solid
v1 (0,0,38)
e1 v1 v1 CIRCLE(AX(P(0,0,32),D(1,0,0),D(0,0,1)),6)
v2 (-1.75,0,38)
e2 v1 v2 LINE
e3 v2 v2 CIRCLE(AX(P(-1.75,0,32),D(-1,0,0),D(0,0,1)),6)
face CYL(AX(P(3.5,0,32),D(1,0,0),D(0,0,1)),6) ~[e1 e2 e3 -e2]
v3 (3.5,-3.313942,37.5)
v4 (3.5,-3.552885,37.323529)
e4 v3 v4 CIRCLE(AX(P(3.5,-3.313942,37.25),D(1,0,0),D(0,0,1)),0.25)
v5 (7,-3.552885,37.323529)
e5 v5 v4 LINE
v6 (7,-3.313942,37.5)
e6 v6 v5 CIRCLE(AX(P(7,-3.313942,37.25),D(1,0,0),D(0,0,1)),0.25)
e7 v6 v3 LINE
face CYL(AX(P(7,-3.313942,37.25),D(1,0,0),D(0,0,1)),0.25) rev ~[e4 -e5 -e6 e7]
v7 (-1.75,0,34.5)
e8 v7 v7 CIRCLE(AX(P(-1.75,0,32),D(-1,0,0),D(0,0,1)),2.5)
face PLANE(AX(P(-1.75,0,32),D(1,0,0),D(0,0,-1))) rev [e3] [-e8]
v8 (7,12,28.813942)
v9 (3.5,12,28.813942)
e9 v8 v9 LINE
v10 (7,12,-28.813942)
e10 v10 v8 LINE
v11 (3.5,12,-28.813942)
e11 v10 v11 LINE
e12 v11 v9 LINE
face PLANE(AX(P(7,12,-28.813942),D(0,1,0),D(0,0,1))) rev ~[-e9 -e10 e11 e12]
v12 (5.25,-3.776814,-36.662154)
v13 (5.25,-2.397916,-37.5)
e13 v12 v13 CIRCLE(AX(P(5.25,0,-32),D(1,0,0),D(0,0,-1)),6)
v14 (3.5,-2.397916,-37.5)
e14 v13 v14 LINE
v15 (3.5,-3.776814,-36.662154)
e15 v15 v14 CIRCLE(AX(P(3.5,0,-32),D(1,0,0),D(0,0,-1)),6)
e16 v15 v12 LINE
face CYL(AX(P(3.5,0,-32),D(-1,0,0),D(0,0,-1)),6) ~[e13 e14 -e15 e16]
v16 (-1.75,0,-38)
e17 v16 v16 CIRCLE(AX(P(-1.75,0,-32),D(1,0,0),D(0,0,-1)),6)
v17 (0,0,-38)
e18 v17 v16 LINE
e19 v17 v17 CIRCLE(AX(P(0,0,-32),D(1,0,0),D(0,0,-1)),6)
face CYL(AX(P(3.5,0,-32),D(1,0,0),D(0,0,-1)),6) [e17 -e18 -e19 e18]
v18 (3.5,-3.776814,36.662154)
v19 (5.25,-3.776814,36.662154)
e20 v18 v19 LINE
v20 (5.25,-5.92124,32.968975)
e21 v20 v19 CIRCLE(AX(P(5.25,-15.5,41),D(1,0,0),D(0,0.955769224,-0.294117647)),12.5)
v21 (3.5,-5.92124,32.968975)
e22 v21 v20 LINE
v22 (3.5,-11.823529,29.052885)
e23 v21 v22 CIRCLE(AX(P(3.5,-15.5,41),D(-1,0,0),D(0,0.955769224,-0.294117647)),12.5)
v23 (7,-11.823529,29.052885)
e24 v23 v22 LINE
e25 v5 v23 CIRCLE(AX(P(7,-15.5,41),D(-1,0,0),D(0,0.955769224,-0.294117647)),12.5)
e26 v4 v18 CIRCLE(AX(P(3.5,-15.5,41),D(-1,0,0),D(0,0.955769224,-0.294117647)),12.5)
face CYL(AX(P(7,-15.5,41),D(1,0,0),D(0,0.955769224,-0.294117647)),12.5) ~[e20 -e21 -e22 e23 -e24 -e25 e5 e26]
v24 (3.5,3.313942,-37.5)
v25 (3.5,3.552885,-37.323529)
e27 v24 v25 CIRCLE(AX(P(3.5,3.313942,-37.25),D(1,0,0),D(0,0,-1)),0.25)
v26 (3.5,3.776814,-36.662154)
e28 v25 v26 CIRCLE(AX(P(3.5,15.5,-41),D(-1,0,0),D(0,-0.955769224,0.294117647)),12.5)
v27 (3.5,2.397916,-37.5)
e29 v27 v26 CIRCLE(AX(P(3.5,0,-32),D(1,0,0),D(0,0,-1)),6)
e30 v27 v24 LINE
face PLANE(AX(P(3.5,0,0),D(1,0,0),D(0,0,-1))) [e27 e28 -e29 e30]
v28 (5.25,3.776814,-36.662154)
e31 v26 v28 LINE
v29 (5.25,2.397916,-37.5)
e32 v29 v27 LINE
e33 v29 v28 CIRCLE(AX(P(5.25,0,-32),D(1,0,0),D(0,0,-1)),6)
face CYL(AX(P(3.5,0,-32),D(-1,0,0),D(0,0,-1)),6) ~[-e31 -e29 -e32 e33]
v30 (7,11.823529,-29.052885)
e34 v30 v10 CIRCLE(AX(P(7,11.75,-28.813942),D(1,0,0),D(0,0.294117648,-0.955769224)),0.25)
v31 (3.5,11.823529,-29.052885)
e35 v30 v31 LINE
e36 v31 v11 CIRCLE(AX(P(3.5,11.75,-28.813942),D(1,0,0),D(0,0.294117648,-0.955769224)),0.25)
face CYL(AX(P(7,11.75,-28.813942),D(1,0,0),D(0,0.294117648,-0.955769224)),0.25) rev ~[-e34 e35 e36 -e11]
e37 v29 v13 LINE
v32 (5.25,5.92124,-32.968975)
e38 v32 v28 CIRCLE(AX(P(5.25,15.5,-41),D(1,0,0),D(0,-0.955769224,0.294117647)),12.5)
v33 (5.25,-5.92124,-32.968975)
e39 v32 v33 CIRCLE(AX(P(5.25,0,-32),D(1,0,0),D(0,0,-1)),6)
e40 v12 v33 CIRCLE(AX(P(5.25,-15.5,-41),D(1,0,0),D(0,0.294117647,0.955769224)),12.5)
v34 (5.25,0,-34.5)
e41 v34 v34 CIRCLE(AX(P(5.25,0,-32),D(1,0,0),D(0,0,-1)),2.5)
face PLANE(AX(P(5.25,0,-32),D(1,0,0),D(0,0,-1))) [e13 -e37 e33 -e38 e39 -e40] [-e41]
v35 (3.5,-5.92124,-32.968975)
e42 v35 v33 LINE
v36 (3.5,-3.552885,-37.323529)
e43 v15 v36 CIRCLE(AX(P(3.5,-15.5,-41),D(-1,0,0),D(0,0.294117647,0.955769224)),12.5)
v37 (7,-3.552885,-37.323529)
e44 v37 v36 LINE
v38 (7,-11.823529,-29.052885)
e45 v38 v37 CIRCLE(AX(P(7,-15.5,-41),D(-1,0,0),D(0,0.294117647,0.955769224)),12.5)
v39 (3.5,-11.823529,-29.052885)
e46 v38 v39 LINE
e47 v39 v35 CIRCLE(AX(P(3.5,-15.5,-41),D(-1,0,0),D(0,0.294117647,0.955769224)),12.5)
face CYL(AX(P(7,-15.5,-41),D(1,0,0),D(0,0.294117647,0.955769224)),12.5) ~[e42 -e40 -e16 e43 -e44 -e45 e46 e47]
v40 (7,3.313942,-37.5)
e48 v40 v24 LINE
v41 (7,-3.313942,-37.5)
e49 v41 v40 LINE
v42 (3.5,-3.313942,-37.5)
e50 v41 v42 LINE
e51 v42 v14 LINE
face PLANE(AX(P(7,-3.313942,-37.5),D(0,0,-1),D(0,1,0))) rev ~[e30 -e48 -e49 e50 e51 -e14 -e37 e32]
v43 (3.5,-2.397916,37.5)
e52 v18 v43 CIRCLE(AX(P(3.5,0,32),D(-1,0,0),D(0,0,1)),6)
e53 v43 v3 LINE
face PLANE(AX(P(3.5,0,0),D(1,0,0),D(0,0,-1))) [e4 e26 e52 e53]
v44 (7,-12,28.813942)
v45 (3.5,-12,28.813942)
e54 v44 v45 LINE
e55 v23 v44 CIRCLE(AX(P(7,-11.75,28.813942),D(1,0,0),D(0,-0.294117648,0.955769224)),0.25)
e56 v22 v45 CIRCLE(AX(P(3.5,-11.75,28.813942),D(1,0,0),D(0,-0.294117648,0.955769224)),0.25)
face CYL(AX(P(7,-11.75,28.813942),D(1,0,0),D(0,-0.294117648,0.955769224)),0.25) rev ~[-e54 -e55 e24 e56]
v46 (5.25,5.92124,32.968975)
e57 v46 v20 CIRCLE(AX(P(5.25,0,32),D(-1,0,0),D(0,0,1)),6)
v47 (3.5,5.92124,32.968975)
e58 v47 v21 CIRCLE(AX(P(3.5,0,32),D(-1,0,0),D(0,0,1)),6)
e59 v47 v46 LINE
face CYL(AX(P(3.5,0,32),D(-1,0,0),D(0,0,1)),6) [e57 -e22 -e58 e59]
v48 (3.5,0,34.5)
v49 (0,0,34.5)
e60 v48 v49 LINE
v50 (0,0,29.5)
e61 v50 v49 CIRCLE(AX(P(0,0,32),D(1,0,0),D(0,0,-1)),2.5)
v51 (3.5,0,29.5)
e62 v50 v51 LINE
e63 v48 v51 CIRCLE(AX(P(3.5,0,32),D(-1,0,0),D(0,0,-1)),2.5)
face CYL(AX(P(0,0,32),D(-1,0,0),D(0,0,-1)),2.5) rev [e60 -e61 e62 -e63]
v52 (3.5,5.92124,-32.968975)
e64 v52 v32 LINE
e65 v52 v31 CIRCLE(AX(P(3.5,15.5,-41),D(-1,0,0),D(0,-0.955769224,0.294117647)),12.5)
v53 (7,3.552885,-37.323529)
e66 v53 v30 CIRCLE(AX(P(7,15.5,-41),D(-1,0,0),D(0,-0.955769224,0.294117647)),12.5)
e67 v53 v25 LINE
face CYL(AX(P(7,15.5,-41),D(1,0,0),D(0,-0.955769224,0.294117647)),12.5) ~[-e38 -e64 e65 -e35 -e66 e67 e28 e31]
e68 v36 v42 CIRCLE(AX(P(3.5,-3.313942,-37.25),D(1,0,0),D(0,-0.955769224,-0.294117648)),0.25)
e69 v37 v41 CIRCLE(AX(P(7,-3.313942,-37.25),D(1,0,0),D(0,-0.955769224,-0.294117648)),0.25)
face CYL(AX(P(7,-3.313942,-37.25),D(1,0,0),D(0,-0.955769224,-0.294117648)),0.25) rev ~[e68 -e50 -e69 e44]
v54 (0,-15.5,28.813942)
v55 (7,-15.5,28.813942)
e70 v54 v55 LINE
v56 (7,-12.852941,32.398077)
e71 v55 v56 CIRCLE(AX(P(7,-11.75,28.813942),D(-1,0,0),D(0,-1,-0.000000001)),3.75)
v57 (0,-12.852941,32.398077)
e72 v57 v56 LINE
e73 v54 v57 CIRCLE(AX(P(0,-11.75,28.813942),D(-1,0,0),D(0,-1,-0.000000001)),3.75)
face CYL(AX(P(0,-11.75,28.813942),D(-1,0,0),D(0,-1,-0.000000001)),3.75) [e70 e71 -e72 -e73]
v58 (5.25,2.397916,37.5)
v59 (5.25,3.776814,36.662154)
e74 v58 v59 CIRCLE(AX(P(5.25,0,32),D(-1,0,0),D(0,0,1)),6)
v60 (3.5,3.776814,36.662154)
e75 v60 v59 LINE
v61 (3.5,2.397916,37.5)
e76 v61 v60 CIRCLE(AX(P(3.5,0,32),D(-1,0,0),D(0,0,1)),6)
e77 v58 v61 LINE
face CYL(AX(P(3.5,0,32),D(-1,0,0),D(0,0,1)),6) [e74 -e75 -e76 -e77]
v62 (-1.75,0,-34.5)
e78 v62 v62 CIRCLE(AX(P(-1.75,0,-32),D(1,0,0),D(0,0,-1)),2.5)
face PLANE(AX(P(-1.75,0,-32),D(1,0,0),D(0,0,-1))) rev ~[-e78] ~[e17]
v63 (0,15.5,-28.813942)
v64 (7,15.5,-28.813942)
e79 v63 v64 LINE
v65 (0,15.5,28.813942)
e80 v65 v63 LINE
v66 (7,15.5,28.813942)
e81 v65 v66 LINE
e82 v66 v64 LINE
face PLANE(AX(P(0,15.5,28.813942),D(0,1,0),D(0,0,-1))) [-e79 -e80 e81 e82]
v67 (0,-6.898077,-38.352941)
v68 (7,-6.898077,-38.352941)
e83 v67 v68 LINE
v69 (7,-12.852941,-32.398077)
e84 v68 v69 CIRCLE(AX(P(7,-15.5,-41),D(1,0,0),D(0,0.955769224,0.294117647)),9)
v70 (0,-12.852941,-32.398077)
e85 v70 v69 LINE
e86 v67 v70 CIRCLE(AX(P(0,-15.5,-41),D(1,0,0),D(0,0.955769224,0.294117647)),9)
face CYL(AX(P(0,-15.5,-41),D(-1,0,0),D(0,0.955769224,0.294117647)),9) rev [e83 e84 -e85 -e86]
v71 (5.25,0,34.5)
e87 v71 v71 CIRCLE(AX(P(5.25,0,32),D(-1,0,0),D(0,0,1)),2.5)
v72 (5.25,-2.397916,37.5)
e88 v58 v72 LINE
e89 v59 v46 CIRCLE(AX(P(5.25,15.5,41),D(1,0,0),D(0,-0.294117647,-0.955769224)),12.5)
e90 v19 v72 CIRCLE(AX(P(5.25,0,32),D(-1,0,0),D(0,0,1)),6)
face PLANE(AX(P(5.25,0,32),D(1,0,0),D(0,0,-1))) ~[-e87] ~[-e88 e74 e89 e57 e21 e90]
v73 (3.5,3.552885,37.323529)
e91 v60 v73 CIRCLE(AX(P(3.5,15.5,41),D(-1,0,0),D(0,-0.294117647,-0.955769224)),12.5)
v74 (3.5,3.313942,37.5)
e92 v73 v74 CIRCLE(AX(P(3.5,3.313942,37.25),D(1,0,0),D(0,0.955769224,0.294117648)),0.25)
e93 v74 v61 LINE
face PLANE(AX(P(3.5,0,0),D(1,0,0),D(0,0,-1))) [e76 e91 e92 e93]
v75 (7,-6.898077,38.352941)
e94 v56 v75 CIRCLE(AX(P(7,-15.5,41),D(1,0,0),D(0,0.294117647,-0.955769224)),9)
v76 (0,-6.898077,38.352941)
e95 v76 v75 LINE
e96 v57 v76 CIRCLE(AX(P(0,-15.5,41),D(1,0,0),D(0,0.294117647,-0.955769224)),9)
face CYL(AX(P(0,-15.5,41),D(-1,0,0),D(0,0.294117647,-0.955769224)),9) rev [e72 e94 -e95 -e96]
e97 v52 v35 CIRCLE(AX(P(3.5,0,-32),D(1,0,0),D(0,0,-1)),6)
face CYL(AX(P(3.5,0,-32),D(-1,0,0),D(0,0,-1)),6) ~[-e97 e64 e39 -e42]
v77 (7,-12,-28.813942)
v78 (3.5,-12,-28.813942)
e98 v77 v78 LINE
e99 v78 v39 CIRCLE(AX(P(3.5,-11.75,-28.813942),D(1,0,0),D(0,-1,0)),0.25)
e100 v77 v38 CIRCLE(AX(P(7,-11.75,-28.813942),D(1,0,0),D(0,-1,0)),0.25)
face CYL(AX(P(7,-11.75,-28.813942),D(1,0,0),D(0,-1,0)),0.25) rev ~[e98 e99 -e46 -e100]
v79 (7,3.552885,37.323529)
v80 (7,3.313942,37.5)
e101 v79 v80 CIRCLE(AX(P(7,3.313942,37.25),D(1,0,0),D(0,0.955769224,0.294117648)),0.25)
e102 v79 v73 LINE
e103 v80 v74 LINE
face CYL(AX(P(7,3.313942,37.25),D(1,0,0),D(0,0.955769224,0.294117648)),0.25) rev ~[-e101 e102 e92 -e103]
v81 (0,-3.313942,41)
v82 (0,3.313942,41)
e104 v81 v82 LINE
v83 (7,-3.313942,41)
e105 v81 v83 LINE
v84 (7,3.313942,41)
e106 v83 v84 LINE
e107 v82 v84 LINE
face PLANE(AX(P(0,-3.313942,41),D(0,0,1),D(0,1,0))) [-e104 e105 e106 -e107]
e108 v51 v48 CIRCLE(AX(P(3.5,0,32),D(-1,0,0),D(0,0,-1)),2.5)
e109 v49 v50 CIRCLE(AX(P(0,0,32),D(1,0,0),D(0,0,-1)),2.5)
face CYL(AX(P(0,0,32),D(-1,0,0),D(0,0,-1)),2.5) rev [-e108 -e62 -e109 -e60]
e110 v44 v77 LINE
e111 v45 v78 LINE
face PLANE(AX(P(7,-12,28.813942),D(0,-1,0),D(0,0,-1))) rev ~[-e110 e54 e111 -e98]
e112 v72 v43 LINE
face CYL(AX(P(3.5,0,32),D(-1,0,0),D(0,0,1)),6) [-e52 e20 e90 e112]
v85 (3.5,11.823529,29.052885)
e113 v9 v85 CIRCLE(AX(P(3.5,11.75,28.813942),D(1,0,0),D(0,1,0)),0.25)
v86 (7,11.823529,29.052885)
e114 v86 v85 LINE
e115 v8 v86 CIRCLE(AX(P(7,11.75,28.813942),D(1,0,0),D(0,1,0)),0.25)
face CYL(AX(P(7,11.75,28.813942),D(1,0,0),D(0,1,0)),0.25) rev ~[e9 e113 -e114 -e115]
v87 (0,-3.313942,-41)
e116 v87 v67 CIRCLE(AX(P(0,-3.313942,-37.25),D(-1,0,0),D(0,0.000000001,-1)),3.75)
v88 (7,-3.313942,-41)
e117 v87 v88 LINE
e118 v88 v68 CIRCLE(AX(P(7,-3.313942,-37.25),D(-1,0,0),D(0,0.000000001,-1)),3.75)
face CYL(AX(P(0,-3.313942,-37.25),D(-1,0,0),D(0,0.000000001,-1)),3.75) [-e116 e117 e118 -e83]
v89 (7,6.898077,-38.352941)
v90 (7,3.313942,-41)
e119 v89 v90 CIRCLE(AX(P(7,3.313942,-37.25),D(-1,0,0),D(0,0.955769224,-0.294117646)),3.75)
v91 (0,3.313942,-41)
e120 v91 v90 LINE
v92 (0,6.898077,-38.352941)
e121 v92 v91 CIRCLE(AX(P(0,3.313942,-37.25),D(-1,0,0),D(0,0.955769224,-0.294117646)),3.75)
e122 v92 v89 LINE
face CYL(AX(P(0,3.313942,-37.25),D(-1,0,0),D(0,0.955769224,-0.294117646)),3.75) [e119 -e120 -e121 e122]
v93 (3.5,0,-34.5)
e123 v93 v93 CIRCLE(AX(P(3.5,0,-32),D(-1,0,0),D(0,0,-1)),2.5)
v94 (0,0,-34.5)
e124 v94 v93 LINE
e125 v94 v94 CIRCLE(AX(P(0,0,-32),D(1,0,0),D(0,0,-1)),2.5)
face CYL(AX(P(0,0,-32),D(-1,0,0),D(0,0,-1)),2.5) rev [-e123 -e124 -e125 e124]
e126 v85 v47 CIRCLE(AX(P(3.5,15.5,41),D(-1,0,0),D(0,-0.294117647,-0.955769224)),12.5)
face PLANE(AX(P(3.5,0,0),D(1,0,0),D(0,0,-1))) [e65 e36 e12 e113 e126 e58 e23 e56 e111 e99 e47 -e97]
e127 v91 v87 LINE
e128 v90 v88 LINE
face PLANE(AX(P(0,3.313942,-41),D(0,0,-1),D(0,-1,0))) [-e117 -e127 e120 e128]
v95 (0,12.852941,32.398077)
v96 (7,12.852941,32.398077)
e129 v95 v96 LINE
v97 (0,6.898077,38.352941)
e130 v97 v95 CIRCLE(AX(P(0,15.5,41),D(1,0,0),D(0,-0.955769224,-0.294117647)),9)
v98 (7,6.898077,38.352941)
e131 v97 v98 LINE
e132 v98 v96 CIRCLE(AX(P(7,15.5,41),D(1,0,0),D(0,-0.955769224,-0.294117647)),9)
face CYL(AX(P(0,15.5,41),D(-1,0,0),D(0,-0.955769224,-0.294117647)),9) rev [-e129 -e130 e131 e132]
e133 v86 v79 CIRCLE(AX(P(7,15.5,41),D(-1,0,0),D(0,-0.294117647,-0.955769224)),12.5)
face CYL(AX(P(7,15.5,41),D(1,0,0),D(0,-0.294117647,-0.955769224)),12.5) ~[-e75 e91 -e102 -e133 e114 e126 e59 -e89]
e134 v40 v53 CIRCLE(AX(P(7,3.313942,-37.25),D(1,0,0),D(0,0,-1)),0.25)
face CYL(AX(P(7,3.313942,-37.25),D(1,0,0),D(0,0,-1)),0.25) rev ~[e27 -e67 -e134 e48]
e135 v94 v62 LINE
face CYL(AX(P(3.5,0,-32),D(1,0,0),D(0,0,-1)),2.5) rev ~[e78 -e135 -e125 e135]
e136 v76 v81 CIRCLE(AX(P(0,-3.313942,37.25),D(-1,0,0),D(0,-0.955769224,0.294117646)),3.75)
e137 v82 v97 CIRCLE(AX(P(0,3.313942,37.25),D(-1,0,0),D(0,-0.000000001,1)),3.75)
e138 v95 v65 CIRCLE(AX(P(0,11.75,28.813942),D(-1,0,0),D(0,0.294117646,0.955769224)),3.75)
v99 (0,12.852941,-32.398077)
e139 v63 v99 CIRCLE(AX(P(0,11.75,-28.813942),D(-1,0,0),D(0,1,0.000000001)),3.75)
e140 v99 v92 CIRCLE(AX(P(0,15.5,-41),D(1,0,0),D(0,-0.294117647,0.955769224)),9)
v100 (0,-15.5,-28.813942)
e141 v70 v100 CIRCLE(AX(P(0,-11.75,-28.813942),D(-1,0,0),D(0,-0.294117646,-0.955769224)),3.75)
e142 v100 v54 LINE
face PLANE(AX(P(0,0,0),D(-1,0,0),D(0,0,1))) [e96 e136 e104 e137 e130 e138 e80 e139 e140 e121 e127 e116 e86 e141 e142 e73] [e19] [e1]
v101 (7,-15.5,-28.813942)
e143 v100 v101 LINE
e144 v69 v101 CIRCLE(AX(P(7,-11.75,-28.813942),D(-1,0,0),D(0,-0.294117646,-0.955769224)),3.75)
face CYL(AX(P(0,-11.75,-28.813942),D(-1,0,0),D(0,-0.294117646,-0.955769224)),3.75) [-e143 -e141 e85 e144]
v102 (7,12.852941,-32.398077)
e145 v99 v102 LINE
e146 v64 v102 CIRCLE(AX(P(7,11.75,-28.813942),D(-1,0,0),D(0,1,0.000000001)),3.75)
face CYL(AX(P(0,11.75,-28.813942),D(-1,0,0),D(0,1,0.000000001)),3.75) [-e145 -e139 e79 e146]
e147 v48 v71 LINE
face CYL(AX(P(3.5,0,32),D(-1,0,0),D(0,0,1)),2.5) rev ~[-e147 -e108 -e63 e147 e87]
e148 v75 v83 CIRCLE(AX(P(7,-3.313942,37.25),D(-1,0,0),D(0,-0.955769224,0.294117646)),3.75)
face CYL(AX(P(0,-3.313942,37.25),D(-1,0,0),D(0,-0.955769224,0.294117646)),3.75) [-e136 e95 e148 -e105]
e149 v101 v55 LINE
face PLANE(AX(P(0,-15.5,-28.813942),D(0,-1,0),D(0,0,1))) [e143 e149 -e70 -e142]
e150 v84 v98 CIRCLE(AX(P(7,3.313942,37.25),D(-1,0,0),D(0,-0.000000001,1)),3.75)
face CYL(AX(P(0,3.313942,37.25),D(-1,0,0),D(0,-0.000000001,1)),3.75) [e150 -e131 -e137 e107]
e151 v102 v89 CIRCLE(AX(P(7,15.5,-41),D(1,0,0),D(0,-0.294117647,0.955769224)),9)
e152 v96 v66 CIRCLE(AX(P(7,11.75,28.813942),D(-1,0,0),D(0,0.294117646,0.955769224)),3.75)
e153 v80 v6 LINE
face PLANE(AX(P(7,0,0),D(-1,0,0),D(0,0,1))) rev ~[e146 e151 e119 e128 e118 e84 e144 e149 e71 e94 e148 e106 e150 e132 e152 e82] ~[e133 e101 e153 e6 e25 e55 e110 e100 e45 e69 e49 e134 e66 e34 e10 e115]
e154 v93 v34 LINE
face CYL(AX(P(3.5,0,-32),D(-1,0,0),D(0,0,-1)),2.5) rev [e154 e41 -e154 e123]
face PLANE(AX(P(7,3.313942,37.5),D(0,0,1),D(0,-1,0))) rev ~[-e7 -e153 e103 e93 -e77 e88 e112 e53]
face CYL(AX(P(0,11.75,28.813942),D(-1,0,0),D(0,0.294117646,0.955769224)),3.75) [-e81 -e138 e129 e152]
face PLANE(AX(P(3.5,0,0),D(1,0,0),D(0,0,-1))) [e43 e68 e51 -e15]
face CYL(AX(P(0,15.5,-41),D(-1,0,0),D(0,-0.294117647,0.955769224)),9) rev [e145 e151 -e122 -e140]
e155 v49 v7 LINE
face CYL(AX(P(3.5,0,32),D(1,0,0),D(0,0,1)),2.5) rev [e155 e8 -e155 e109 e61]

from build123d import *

# Parameters (mm, degrees)
SKETCH1_R           = 2.5
BOSS_EXTRUDE1_DEPTH = 7
CUT_EXTRUDE1_DEPTH  = 3.5
SKETCH7_R           = 6
SKETCH7_R_2         = 2.5
BOSS_EXTRUDE2_DEPTH = 5.25
SKETCH8_R           = 6
SKETCH8_R_2         = 2.5
BOSS_EXTRUDE3_DEPTH = 1.75


with BuildPart() as part:
    # Sketch1 → Boss-Extrude1 (new body)
    with BuildSketch(Plane(origin=(0, 0, 0), x_dir=(0, 0, -1), z_dir=(1, 0, 0))):
        with BuildLine():
            Line((28.813942393, -15.5), (-28.813942393, -15.5))
            ThreePointArc((-28.813942393, -15.5), (-31.041774365, -14.76649875), (-32.398076983, -12.852941176))
            ThreePointArc((-32.398076983, -12.852941176), (-34.636038969, -9.136038969), (-38.352941176, -6.898076983))
            ThreePointArc((-38.352941176, -6.898076983), (-40.26649875, -5.541774365), (-41, -3.313942393))
            Line((-41, -3.313942393), (-41, 3.313942393))
            ThreePointArc((-41, 3.313942393), (-40.26649875, 5.541774365), (-38.352941176, 6.898076983))
            ThreePointArc((-38.352941176, 6.898076983), (-34.636038969, 9.136038969), (-32.398076983, 12.852941176))
            ThreePointArc((-32.398076983, 12.852941176), (-31.041774365, 14.76649875), (-28.813942393, 15.5))
            Line((-28.813942393, 15.5), (28.813942393, 15.5))
            ThreePointArc((28.813942393, 15.5), (31.041774365, 14.76649875), (32.398076983, 12.852941176))
            ThreePointArc((32.398076983, 12.852941176), (34.636038969, 9.136038969), (38.352941176, 6.898076983))
            ThreePointArc((38.352941176, 6.898076983), (40.26649875, 5.541774365), (41, 3.313942393))
            Line((41, 3.313942393), (41, -3.313942393))
            ThreePointArc((41, -3.313942393), (40.26649875, -5.541774365), (38.352941176, -6.898076983))
            ThreePointArc((38.352941176, -6.898076983), (34.636038969, -9.136038969), (32.398076983, -12.852941176))
            ThreePointArc((32.398076983, -12.852941176), (31.041774365, -14.76649875), (28.813942393, -15.5))
        make_face()
        with Locations((-32, 0)):
            Circle(SKETCH1_R, mode=Mode.SUBTRACT)
        with Locations((32, 0)):
            Circle(SKETCH1_R, mode=Mode.SUBTRACT)
    extrude(amount=BOSS_EXTRUDE1_DEPTH)

    # Sketch6 → Cut-Extrude1 (cut)
    with BuildSketch(Plane(origin=(7, 0, 0), x_dir=(0, 0, -1), z_dir=(1, 0, 0))):
        with BuildLine():
            Line((28.813942393, 12), (-28.813942393, 12))
            ThreePointArc((-28.813942393, 12), (-28.962464524, 11.951099917), (-29.052884699, 11.823529412))
            ThreePointArc((-29.052884699, 11.823529412), (-32.161165235, 6.661165235), (-37.323529412, 3.552884699))
            ThreePointArc((-37.323529412, 3.552884699), (-37.451099917, 3.462464524), (-37.5, 3.313942393))
            Line((-37.5, 3.313942393), (-37.5, -3.313942393))
            ThreePointArc((-37.5, -3.313942393), (-37.451099917, -3.462464524), (-37.323529412, -3.552884699))
            ThreePointArc((-37.323529412, -3.552884699), (-32.161165235, -6.661165235), (-29.052884699, -11.823529412))
            ThreePointArc((-29.052884699, -11.823529412), (-28.962464524, -11.951099917), (-28.813942393, -12))
            Line((-28.813942393, -12), (28.813942393, -12))
            ThreePointArc((28.813942393, -12), (28.962464524, -11.951099917), (29.052884699, -11.823529412))
            ThreePointArc((29.052884699, -11.823529412), (32.161165235, -6.661165235), (37.323529412, -3.552884699))
            ThreePointArc((37.323529412, -3.552884699), (37.451099917, -3.462464524), (37.5, -3.313942393))
            Line((37.5, -3.313942393), (37.5, 3.313942393))
            ThreePointArc((37.5, 3.313942393), (37.451099917, 3.462464524), (37.323529412, 3.552884699))
            ThreePointArc((37.323529412, 3.552884699), (32.161165235, 6.661165235), (29.052884699, 11.823529412))
            ThreePointArc((29.052884699, 11.823529412), (28.962464524, 11.951099917), (28.813942393, 12))
        make_face()
    extrude(amount=-CUT_EXTRUDE1_DEPTH, mode=Mode.SUBTRACT)

    # Sketch7 → Boss-Extrude2 (add)
    with BuildSketch(Plane(origin=(3.5, 0, 0), x_dir=(0, 0, -1), z_dir=(1, 0, 0))):
        with Locations((32, 0)):
            Circle(SKETCH7_R)
        with Locations((32, 0)):
            Circle(SKETCH7_R_2, mode=Mode.SUBTRACT)
    boss_extrude2 = extrude(amount=-BOSS_EXTRUDE2_DEPTH)

    # Mirror1: Boss-Extrude2 across plane
    add(boss_extrude2.mirror(Plane.XY))

    # Sketch8 → Boss-Extrude3 (add)
    with BuildSketch(Plane(origin=(3.5, 0, 0), x_dir=(0, 0, -1), z_dir=(1, 0, 0))):
        with Locations((32, 0)):
            Circle(SKETCH8_R)
        with Locations((32, 0)):
            Circle(SKETCH8_R_2, mode=Mode.SUBTRACT)
    boss_extrude3 = extrude(amount=BOSS_EXTRUDE3_DEPTH)

    # Mirror2: Boss-Extrude3 across plane
    add(boss_extrude3.mirror(Plane.XY))


solid = part.part
